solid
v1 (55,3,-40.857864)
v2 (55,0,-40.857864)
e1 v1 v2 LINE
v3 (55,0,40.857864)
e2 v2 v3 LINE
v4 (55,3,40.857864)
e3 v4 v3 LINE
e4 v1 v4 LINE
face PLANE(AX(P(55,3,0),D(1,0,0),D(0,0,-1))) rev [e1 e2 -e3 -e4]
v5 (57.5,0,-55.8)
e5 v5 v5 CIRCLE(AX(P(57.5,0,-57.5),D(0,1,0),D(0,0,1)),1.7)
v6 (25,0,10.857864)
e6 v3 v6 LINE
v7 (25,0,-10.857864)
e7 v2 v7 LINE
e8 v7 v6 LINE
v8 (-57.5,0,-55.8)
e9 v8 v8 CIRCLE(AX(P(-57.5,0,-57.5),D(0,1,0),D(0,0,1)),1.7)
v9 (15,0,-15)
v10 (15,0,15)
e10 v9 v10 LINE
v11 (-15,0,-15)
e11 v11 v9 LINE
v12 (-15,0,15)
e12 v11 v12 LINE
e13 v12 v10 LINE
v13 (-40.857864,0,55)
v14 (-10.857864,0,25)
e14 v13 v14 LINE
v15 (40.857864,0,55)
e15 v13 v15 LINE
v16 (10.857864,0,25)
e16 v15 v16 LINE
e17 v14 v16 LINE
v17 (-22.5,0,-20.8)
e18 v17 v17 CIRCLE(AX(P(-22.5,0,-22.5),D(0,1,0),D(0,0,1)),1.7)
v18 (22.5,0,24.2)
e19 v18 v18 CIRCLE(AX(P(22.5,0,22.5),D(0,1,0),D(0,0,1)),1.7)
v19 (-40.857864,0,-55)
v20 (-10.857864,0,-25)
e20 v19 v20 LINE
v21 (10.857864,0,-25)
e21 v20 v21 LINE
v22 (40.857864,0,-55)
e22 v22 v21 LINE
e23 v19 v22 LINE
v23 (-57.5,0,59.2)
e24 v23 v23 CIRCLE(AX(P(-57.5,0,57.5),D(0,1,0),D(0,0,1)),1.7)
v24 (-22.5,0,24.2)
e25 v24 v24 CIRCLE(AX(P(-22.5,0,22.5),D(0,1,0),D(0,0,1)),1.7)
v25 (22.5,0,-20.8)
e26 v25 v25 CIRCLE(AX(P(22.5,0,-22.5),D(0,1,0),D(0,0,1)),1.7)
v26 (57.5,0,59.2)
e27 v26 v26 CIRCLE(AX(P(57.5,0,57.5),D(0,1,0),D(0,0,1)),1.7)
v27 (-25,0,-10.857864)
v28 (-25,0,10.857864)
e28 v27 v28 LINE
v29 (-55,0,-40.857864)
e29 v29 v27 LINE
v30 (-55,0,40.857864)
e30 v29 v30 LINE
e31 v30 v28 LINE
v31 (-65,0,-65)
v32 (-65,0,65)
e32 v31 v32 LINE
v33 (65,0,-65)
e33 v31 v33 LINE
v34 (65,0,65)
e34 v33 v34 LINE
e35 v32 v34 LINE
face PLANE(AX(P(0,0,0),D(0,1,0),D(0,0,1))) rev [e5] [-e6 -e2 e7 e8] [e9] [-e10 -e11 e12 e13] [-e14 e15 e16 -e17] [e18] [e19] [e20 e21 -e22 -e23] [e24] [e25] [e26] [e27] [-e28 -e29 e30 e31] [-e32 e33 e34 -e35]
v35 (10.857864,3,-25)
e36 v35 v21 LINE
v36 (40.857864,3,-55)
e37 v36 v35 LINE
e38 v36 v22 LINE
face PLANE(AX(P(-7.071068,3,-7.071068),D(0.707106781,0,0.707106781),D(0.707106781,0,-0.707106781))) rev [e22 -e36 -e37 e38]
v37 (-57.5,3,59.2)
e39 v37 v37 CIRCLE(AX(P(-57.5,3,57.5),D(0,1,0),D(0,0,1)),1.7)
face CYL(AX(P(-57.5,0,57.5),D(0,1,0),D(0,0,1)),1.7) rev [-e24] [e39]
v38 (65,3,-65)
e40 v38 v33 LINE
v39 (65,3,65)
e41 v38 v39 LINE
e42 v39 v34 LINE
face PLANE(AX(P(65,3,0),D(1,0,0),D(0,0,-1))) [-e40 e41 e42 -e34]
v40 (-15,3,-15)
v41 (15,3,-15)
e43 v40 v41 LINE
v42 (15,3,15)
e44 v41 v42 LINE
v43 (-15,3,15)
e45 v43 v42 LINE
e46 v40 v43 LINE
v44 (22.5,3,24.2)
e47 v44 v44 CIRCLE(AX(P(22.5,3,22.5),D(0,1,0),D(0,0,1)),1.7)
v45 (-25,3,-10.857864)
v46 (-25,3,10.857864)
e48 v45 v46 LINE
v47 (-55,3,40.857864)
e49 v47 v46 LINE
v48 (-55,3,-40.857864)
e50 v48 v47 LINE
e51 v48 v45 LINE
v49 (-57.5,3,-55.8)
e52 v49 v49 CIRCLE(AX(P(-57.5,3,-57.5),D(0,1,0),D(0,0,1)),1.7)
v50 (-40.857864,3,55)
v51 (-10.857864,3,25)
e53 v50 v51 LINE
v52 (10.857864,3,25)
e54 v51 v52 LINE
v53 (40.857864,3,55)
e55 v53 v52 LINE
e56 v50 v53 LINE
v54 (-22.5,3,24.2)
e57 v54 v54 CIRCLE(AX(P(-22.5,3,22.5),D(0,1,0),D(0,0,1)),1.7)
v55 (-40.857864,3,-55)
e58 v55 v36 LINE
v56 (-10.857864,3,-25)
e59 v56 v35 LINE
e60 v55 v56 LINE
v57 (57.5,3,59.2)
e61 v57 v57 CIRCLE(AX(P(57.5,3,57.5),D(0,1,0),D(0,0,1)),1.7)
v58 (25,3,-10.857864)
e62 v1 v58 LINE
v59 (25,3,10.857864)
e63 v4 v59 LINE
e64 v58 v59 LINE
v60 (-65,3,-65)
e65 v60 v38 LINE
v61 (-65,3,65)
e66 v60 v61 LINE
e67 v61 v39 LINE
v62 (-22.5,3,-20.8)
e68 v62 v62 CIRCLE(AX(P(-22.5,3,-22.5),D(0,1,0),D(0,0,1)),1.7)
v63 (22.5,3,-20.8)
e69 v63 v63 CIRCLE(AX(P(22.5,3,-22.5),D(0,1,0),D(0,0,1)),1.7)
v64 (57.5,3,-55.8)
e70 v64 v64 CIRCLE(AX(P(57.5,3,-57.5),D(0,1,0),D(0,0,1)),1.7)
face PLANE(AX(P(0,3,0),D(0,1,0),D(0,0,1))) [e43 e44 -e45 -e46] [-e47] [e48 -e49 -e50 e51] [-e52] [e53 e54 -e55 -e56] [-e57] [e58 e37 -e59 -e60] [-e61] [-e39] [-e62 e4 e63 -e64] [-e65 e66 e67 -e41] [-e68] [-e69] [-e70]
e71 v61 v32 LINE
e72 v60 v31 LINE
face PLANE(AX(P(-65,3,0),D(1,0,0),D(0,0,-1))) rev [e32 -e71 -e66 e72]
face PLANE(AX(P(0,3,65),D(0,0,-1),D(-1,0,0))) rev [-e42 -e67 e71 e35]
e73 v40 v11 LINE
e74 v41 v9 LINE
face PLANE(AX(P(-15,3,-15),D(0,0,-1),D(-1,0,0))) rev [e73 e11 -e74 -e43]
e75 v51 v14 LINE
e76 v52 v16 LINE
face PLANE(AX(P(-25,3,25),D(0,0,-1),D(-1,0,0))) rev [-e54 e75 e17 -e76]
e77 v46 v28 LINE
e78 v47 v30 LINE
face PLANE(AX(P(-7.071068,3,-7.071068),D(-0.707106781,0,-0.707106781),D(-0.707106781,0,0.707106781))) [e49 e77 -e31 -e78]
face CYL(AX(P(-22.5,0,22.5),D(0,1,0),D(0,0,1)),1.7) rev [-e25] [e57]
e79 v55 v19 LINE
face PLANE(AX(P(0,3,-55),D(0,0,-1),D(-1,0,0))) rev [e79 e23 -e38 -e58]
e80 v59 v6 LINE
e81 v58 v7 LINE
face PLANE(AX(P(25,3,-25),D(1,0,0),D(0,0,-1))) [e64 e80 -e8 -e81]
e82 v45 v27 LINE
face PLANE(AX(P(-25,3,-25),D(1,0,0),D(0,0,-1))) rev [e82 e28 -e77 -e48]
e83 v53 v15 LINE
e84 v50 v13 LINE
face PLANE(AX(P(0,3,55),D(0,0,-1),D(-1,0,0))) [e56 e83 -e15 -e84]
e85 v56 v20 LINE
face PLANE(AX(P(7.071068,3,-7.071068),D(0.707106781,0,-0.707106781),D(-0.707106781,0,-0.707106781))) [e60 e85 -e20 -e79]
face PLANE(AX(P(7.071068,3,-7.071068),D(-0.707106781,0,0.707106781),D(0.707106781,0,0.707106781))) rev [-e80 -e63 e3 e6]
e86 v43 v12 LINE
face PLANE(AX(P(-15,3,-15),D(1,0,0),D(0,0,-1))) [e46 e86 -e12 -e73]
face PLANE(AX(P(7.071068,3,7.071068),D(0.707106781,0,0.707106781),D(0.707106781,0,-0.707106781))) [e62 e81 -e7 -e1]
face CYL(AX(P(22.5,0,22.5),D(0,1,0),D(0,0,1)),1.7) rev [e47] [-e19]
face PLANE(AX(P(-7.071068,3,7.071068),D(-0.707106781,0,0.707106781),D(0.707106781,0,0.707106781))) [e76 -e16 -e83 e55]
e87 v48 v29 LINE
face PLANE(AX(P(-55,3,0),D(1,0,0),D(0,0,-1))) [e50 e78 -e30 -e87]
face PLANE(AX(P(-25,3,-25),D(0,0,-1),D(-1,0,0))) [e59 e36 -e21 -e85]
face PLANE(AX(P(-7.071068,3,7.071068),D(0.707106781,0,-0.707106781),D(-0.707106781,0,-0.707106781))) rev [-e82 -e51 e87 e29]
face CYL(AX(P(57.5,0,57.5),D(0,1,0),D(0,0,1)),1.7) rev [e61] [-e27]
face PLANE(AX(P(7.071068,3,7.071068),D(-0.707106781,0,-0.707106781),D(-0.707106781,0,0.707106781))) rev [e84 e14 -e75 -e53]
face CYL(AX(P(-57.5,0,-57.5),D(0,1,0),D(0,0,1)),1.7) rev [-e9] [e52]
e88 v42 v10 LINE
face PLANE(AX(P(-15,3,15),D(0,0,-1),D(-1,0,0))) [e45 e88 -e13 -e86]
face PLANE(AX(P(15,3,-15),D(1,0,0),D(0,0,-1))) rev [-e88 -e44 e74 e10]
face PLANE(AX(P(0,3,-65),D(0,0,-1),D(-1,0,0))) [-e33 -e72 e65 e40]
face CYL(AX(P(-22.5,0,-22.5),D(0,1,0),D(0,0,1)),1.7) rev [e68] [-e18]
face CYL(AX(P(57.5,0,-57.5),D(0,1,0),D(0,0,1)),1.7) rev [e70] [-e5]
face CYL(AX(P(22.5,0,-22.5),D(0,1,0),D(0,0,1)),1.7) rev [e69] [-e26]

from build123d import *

# Parameters (mm, degrees)
SKETCH1_W           = 130
SKETCH1_H           = 130
SKETCH1_W_2         = 30
SKETCH1_H_2         = 30
BOSS_EXTRUDE1_DEPTH = 3
CUT_EXTRUDE1_DEPTH  = 3
CUT_EXTRUDE2_DEPTH  = 3


with BuildPart() as part:
    # Sketch1 → Boss-Extrude1 (new body)
    with BuildSketch(Plane(origin=(0, 0, 0), x_dir=(1, 0, 0), z_dir=(0, 1, 0))):
        Rectangle(SKETCH1_W, SKETCH1_H)
        Polygon((-55, 40.857864376), (-25, 10.857864376), (-25, -10.857864376), (-55, -40.857864376), align=None, mode=Mode.SUBTRACT)
        Polygon((-40.857864376, -55), (-10.857864376, -25), (10.857864376, -25), (40.857864376, -55), align=None, mode=Mode.SUBTRACT)
        Polygon((55, -40.857864376), (25, -10.857864376), (25, 10.857864376), (55, 40.857864376), align=None, mode=Mode.SUBTRACT)
        Polygon((40.857864376, 55), (10.857864376, 25), (-10.857864376, 25), (-40.857864376, 55), align=None, mode=Mode.SUBTRACT)
        Rectangle(SKETCH1_W_2, SKETCH1_H_2, mode=Mode.SUBTRACT)
    extrude(amount=BOSS_EXTRUDE1_DEPTH)

    # Sketch2 → Cut-Extrude1 (cut)
    with BuildSketch(Plane(origin=(0, 3, 0), x_dir=(1, 0, 0), z_dir=(0, 1, 0))):
        with BuildLine():
            ThreePointArc((-55.8, 57.5), (-58.702081528, 58.702081528), (-57.5, 55.8))
            Line((-57.5, 55.8), (-57.5, 57.5))
            Line((-57.5, 57.5), (-55.8, 57.5))
        make_face()
        with BuildLine():
            Line((-57.5, 57.5), (-57.5, 55.8))
            ThreePointArc((-57.5, 55.8), (-56.297918472, 56.297918472), (-55.8, 57.5))
            Line((-55.8, 57.5), (-57.5, 57.5))
        make_face()
        with BuildLine():
            Line((-57.5, -55.8), (-57.5, -57.5))
            Line((-57.5, -57.5), (-55.8, -57.5))
            ThreePointArc((-55.8, -57.5), (-56.297918472, -56.297918472), (-57.5, -55.8))
        make_face()
        with BuildLine():
            Line((-55.8, -57.5), (-57.5, -57.5))
            Line((-57.5, -57.5), (-57.5, -55.8))
            ThreePointArc((-57.5, -55.8), (-58.702081528, -58.702081528), (-55.8, -57.5))
        make_face()
        with BuildLine():
            ThreePointArc((57.5, -55.8), (56.297918472, -56.297918472), (55.8, -57.5))
            Line((55.8, -57.5), (57.5, -57.5))
            Line((57.5, -57.5), (57.5, -55.8))
        make_face()
        with BuildLine():
            Line((57.5, -57.5), (55.8, -57.5))
            ThreePointArc((55.8, -57.5), (57.5, -59.2), (59.2, -57.5))
            ThreePointArc((59.2, -57.5), (58.702081528, -56.297918472), (57.5, -55.8))
            Line((57.5, -55.8), (57.5, -57.5))
        make_face()
        with BuildLine():
            ThreePointArc((55.8, 57.5), (56.297918472, 56.297918472), (57.5, 55.8))
            Line((57.5, 55.8), (57.5, 57.5))
            Line((57.5, 57.5), (55.8, 57.5))
        make_face()
        with BuildLine():
            Line((57.5, 57.5), (57.5, 55.8))
            ThreePointArc((57.5, 55.8), (58.702081528, 56.297918472), (59.2, 57.5))
            ThreePointArc((59.2, 57.5), (57.5, 59.2), (55.8, 57.5))
            Line((55.8, 57.5), (57.5, 57.5))
        make_face()
    extrude(amount=-CUT_EXTRUDE1_DEPTH, mode=Mode.SUBTRACT)

    # Sketch3 → Cut-Extrude2 (cut)
    with BuildSketch(Plane(origin=(0, 3, 0), x_dir=(1, 0, 0), z_dir=(0, 1, 0))):
        with BuildLine():
            Line((-22.5, -20.8), (-22.5, -22.5))
            Line((-22.5, -22.5), (-20.8, -22.5))
            ThreePointArc((-20.8, -22.5), (-21.297918472, -21.297918472), (-22.5, -20.8))
        make_face()
        with BuildLine():
            Line((-20.8, -22.5), (-22.5, -22.5))
            Line((-22.5, -22.5), (-22.5, -20.8))
            ThreePointArc((-22.5, -20.8), (-23.702081528, -23.702081528), (-20.8, -22.5))
        make_face()
        with BuildLine():
            ThreePointArc((-20.8, 22.5), (-23.702081528, 23.702081528), (-22.5, 20.8))
            Line((-22.5, 20.8), (-22.5, 22.5))
            Line((-22.5, 22.5), (-20.8, 22.5))
        make_face()
        with BuildLine():
            Line((-22.5, 22.5), (-22.5, 20.8))
            ThreePointArc((-22.5, 20.8), (-21.297918472, 21.297918472), (-20.8, 22.5))
            Line((-20.8, 22.5), (-22.5, 22.5))
        make_face()
        with BuildLine():
            ThreePointArc((22.5, -20.8), (21.297918472, -21.297918472), (20.8, -22.5))
            Line((20.8, -22.5), (22.5, -22.5))
            Line((22.5, -22.5), (22.5, -20.8))
        make_face()
        with BuildLine():
            Line((22.5, -22.5), (20.8, -22.5))
            ThreePointArc((20.8, -22.5), (22.5, -24.2), (24.2, -22.5))
            ThreePointArc((24.2, -22.5), (23.702081528, -21.297918472), (22.5, -20.8))
            Line((22.5, -20.8), (22.5, -22.5))
        make_face()
        with BuildLine():
            ThreePointArc((20.8, 22.5), (21.297918472, 21.297918472), (22.5, 20.8))
            Line((22.5, 20.8), (22.5, 22.5))
            Line((22.5, 22.5), (20.8, 22.5))
        make_face()
        with BuildLine():
            Line((22.5, 22.5), (22.5, 20.8))
            ThreePointArc((22.5, 20.8), (23.702081528, 21.297918472), (24.2, 22.5))
            ThreePointArc((24.2, 22.5), (22.5, 24.2), (20.8, 22.5))
            Line((20.8, 22.5), (22.5, 22.5))
        make_face()
    extrude(amount=-CUT_EXTRUDE2_DEPTH, mode=Mode.SUBTRACT)


solid = part.part
